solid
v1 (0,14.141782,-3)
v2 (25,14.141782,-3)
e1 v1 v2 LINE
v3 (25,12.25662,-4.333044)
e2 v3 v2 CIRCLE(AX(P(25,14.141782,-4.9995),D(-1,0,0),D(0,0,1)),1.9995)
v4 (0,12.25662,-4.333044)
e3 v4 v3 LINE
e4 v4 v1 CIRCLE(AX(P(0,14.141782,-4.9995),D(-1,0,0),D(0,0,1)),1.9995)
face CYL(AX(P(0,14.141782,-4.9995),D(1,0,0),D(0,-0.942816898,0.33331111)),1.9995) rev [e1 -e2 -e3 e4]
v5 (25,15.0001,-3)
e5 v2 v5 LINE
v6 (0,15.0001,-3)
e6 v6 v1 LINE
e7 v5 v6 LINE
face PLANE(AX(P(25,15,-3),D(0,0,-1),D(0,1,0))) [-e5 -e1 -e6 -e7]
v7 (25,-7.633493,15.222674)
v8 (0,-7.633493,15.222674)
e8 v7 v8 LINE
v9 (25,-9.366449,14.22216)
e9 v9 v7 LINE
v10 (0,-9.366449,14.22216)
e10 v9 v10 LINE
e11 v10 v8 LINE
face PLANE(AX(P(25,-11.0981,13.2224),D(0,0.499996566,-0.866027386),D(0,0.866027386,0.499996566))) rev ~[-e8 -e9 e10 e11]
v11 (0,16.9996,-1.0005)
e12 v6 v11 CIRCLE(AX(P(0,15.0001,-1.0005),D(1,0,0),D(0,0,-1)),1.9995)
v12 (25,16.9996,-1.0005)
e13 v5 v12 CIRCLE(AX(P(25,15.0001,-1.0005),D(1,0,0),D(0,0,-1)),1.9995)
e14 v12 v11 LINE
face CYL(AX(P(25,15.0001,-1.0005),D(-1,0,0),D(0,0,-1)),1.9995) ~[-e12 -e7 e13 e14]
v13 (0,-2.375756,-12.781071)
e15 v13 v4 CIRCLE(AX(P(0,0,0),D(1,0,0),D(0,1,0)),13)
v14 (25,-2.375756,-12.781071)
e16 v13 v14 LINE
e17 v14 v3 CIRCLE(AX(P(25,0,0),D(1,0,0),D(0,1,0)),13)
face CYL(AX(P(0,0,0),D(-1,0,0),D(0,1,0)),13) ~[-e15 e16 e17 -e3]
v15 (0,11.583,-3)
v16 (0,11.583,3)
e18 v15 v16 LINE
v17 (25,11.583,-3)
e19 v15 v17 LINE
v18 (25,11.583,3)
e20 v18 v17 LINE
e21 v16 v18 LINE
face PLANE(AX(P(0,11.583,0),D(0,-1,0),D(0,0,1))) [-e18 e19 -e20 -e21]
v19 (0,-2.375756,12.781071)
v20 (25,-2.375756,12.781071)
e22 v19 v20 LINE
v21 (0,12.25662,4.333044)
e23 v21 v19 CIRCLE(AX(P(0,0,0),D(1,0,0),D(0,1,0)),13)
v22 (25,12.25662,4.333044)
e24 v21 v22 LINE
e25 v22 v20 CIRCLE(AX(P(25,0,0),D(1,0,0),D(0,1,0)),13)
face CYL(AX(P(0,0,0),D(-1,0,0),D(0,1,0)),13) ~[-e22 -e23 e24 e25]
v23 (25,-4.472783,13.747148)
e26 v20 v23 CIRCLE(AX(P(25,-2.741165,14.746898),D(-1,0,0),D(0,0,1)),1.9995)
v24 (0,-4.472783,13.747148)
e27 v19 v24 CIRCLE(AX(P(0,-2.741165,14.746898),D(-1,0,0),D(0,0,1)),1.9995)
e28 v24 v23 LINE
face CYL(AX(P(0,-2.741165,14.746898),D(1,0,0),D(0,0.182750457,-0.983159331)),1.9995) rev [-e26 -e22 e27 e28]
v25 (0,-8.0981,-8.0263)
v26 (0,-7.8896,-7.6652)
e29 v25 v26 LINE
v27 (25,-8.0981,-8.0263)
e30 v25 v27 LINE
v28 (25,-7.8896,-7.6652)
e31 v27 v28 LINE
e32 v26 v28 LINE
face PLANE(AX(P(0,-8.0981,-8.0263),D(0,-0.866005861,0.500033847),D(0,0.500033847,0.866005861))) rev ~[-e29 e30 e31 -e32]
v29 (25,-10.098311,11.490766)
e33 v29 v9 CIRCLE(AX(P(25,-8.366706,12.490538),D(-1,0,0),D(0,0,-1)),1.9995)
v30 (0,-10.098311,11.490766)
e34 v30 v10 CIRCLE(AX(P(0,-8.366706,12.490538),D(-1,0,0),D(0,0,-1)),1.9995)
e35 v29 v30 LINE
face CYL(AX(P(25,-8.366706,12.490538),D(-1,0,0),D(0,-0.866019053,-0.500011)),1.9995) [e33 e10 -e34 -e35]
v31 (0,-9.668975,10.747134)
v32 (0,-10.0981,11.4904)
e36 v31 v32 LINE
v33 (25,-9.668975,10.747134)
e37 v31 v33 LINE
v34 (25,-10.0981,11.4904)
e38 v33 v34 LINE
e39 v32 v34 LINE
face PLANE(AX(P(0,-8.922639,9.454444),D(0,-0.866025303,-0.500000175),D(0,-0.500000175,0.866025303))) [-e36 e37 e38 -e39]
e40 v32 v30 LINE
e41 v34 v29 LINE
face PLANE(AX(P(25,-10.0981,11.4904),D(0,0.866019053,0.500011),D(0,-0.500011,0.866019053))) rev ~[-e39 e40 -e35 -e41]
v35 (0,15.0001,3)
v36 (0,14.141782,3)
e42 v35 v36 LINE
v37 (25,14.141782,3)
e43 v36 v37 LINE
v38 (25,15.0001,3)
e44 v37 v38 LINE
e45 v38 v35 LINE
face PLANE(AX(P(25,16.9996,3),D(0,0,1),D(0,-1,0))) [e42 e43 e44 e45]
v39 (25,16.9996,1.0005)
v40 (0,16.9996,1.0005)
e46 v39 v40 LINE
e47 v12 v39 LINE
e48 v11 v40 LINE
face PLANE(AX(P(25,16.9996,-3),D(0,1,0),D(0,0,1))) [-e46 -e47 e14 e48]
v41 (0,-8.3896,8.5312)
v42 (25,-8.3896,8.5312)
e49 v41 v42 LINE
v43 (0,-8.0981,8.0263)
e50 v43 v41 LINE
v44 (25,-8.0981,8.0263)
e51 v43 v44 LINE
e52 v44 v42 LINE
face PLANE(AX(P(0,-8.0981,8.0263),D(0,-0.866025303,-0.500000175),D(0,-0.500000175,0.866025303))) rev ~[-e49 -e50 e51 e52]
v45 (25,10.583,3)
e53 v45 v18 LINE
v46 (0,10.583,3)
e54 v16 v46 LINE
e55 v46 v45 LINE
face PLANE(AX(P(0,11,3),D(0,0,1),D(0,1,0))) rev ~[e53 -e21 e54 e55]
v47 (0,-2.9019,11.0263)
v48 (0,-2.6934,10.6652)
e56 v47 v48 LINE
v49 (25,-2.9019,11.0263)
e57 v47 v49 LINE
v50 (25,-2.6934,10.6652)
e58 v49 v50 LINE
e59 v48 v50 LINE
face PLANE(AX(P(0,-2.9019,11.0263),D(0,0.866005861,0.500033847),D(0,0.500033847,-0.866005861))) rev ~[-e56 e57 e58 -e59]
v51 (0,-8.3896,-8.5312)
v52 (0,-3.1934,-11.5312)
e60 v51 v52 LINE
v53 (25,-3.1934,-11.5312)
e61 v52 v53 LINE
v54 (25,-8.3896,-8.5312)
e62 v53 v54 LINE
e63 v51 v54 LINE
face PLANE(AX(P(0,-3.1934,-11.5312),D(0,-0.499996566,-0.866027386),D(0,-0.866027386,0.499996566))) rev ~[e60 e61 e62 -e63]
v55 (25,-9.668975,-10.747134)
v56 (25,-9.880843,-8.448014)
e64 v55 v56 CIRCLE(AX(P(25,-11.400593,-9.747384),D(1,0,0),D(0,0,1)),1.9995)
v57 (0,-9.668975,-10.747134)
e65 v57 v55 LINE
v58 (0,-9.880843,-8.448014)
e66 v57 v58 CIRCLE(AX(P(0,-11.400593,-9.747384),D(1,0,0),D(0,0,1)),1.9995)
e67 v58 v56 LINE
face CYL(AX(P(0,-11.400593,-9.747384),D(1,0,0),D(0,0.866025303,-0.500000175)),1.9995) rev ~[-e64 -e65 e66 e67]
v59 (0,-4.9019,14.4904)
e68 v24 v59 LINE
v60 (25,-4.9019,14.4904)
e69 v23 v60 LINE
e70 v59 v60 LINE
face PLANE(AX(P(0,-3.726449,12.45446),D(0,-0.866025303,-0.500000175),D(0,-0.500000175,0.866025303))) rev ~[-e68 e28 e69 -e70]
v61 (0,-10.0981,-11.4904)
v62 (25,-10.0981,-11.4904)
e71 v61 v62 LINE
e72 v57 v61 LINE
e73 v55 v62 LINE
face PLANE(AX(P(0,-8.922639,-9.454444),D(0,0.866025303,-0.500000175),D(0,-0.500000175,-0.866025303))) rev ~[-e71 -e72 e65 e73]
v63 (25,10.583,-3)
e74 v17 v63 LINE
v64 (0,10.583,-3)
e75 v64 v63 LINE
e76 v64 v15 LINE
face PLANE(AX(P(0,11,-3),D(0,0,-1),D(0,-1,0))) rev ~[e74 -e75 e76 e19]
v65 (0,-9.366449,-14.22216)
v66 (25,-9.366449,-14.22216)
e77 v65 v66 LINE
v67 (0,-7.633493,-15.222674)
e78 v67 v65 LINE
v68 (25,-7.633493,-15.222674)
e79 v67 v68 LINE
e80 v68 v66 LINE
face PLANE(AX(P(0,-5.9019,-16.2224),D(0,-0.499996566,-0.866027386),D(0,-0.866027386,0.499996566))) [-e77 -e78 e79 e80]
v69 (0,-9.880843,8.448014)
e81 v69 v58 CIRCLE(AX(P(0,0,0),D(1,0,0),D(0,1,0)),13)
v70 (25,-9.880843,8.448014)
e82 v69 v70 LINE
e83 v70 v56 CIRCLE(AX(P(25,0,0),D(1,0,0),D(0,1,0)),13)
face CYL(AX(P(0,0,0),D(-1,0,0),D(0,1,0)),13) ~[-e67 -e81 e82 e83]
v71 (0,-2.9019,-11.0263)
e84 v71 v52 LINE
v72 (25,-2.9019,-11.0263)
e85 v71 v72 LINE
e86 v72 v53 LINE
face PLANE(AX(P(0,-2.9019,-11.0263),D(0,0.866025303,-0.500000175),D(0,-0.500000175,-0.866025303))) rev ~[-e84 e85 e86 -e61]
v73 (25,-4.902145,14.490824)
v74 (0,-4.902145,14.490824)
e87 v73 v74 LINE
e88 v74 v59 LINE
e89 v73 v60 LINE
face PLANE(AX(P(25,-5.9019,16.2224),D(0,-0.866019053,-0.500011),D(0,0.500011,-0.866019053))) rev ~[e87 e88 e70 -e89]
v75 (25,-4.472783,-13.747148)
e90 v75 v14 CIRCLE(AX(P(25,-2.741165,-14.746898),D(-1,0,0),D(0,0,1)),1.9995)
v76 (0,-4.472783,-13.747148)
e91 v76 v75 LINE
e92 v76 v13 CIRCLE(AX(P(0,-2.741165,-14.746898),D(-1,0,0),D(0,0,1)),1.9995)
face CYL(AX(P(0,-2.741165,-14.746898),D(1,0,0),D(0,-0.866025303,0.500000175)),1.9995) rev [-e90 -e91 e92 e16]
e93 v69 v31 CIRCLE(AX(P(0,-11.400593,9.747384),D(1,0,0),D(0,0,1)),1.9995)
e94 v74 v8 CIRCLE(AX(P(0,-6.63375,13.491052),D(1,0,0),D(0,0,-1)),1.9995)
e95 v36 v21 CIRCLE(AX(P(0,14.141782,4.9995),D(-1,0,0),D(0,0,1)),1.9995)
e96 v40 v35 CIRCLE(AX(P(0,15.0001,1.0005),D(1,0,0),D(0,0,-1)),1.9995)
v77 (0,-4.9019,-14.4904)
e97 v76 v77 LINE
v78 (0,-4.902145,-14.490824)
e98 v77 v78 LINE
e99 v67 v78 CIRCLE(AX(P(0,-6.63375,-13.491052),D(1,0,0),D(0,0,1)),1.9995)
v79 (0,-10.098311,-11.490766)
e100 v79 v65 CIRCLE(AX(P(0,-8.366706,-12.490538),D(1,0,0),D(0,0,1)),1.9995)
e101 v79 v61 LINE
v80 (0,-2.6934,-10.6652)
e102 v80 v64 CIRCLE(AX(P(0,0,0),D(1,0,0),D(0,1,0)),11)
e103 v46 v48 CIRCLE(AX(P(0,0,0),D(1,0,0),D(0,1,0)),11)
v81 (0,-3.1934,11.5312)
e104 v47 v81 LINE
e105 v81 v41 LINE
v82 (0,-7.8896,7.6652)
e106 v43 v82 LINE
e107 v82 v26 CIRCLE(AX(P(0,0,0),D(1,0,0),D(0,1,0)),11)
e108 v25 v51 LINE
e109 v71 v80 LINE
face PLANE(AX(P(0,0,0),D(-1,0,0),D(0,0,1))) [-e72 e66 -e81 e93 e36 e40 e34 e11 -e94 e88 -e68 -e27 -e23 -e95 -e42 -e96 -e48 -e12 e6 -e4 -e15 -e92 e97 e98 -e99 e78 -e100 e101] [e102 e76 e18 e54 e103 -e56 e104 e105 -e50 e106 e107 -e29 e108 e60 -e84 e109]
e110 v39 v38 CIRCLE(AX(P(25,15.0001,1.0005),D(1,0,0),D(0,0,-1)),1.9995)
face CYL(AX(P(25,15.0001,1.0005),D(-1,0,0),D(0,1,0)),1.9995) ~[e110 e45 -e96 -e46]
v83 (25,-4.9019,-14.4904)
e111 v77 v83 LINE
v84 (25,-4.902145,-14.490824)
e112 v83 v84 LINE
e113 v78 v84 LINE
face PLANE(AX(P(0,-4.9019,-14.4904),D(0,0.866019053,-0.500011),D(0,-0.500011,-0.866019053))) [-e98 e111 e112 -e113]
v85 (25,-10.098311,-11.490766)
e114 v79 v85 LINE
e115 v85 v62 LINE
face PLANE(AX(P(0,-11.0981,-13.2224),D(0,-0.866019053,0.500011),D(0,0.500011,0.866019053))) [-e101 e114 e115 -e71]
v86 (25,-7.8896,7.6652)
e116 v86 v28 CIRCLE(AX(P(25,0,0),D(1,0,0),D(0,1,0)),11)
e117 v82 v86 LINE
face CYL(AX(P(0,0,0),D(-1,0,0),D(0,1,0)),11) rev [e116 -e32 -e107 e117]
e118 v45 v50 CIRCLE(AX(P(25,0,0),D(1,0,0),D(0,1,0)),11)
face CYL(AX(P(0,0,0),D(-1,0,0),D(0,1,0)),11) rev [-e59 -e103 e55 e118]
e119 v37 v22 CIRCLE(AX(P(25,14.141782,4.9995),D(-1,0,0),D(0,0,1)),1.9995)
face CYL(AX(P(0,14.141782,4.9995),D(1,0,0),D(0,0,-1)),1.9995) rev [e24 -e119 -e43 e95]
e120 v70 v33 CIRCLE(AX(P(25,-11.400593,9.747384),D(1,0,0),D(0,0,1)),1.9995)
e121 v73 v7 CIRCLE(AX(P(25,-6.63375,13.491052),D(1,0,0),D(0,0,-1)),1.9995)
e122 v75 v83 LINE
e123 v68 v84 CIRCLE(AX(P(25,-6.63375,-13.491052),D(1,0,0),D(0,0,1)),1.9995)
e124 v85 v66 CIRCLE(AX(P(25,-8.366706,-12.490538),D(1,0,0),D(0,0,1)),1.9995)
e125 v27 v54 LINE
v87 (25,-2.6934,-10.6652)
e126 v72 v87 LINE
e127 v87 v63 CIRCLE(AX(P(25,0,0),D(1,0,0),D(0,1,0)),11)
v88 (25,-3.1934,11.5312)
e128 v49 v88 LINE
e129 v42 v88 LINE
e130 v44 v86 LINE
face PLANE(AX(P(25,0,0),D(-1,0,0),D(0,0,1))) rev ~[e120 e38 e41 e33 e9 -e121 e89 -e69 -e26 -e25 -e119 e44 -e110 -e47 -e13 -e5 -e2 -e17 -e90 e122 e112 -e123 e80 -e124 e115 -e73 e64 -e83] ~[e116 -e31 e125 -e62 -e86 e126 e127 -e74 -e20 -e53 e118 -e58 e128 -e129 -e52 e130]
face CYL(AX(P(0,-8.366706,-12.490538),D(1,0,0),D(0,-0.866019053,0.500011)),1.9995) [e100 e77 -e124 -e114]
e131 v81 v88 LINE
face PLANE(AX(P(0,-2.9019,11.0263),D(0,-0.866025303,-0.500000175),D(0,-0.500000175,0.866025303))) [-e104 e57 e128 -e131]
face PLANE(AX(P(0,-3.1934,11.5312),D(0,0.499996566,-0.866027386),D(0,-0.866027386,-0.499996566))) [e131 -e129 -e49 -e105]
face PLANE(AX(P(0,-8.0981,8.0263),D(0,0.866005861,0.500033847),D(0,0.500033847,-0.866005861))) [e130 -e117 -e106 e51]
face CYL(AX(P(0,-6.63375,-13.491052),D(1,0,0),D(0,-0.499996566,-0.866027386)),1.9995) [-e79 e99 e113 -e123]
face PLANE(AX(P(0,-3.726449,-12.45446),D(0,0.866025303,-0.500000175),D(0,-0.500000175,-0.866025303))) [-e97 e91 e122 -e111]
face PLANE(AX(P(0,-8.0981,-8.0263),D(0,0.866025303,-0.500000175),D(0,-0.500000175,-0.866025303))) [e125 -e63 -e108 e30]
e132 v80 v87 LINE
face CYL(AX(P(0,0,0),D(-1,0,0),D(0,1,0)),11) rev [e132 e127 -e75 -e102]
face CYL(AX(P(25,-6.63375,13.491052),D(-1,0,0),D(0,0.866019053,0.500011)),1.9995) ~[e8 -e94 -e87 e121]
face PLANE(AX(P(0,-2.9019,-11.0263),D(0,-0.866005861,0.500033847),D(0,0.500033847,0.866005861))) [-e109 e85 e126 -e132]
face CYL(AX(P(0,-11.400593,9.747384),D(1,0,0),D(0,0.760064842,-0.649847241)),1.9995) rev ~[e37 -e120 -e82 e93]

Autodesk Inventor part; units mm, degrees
ref_plane "YZ Plane" through (0, 0, 0) normal (1, 0, 0) x (0, 1, 0)
ref_plane "XZ Plane" through (0, 0, 0) normal (0, 1, 0) x (-1, 0, 0)
ref_plane "XY Plane" through (0, 0, 0) normal (0, 0, 1) x (1, 0, 0)
sketch "Sketch1" plane through (0, 0, 0) normal (1, 0, 0) x (0, 1, 0)
  point P0 (0, 0)
sketch "Sketch2" plane through (0, 0, 0) normal (1, 0, 0) x (0, 1, 0)
  circle A0 centre (0, 0) radius 11
  circle A1 centre (0, 0) radius 13
  line L0 (0, 0) -> (13, 0)
  line L1 (0, 0) -> (-6.5, -11.2583)
  line L2 (0, 0) -> (13, 0) construction
  line L3 (0, 0) -> (-6.5, 11.2583)
  line L4 (0, 0) -> (13, 0) construction
  line L5 (11, 0) -> (11, -3)
  line L6 (11, 0) -> (11, 3)
  line L7 (-5.5, 9.5263) -> (-8.0981, 8.0263)
  line L8 (-5.5, 9.5263) -> (-2.9019, 11.0263)
  line L9 (-5.5, -9.5263) -> (-2.9019, -11.0263)
  line L10 (-5.5, -9.5263) -> (-8.0981, -8.0263)
  line L11 (11, 3) -> (15, 3)
  line L12 (15, 3) -> (11, 3)
  line L13 (11, 3) -> (11, -3)
  line L14 (11, -3) -> (15, -3)
  line L15 (15, -3) -> (15, 3)
  line L16 (-2.9019, 11.0263) -> (-4.9019, 14.4904)
  line L17 (-8.0981, 8.0263) -> (-10.0981, 11.4904)
  line L18 (-10.0981, 11.4904) -> (-4.9019, 14.4904)
  line L19 (-2.9019, -11.0263) -> (-4.9019, -14.4904)
  line L20 (-8.0981, -8.0263) -> (-10.0981, -11.4904)
  line L21 (-4.9019, -14.4904) -> (-10.0981, -11.4904)
  line L22 (-2.9019, 11.0263) -> (-2.6934, 10.6652)
  line L23 (-8.0981, 8.0263) -> (-7.8896, 7.6652)
  line L24 (-2.6934, 10.6652) -> (-3.1934, 11.5312)
  line L25 (-3.1934, 11.5312) -> (-8.3896, 8.5312)
  line L26 (-2.9019, -11.0263) -> (-2.6934, -10.6652)
  line L27 (-8.0981, -8.0263) -> (-7.8896, -7.6652)
  line L28 (-2.6934, -10.6652) -> (-3.1934, -11.5312)
  line L29 (-3.1934, -11.5312) -> (-8.3896, -8.5312)
  line L30 (11, -3) -> (10.583, -3)
  line L31 (11, 3) -> (10.583, 3)
  line L32 (10.583, -3) -> (11.583, -3)
  line L33 (11.583, -3) -> (11.583, 3)
  point P0 (-8.9226, 9.4545)
  point P1 (-8.9226, -9.4545)
  point P2 (-3.7265, -12.4545)
  point P3 (12.6491, -3)
  point P4 (12.6491, 3)
  point P5 (-3.7265, 12.4545)
  dimension "d0" = 22
  dimension "d1" = 26
  dimension "d2" = 120
  dimension "d3" = 120
  dimension "d4" = 3
  dimension "d5" = 3
  dimension "d6" = 3
  dimension "d7" = 3
  dimension "d8" = 3
  dimension "d9" = 3
  dimension "d10" = 4
  dimension "d11" = 4
  dimension "d12" = 4
  dimension "d13" = 4
  dimension "d14" = 4
  dimension "d15" = 1
  dimension "d16" = 1
  dimension "d17" = 1
extrude "Extrusion1" add sketch "Sketch2" along normal blind 25 contours A0 L22 L16 A1 L11 L31 | L30 L14 A1 L19 L26 A0 | L33 L11 A1 L0 | L0 A1 L14 L33 | A1 L11 L15 L14 | L27 L20 A1 L17 L23 A0 | L29 L19 A1 L1 | L1 A1 L20 L29 | L25 L17 A1 L3 | L3 A1 L16 L25 | A1 L19 L21 L20 | A1 L17 L18 L16
sketch "Sketch3" plane through (25, 0, 0) normal (1, 0, 0) x (0, 0, -1)
  line L0 (3, 15) -> (-3, 15) projected
  line L1 (-3, 15) -> (3, 15)
  line L2 (3, 15) -> (3, 16.9996)
  line L3 (3, 16.9996) -> (-3, 16.9996)
  line L4 (-3, 16.9996) -> (-3, 15)
  line L5 (9.4545, -8.9226) -> (11.4904, -10.0981) projected
  line L6 (11.4904, -10.0981) -> (13.2224, -11.0981)
  line L7 (13.2224, -11.0981) -> (16.2224, -5.9019)
  line L8 (16.2224, -5.9019) -> (14.4904, -4.9019)
  line L9 (-11.4904, -10.0981) -> (-9.4545, -8.9226) projected
  line L10 (-11.4904, -10.0981) -> (-13.2224, -11.0981)
  line L11 (-13.2224, -11.0981) -> (-16.2224, -5.9019)
  line L12 (-14.4904, -4.9019) -> (-11.4904, -10.0981) projected
  line L13 (-16.2224, -5.9019) -> (-14.4904, -4.9019)
  point P0 (0, 0)
  dimension "d20" = 2
  dimension "d21" = 6
  dimension "d22" = 2
  dimension "d23" = 6
extrude "Extrusion2" add sketch "Sketch3" against normal blind 25 contours L0 L4 L3 L2
extrude "Extrusion3" add sketch "Sketch3" against normal blind 25 contours L10 L11 L13 L12
sketch "Sketch4" plane through (0, 0, 0) normal (-1, 0, 0) x (0, 0, 1)
  line L0 (-11.4904, -10.0981) -> (-14.4904, -4.9019) projected
  line L1 (-11.4904, -10.0981) -> (-14.4904, -4.9019)
  line L2 (-14.4904, -4.9019) -> (-16.2224, -5.9019)
  line L3 (-16.2224, -5.9019) -> (-13.2224, -11.0981)
  line L4 (-13.2224, -11.0981) -> (-11.4904, -10.0981)
  point P0 (0, 0)
  dimension "d28" = 2
  dimension "d29" = 6
extrude "Extrusion4" add sketch "Sketch4" against normal blind 25
fillet "Fillet1" radius 2 12 edges at (12.5, -8.9226, -9.4545) (12.5, -11.0981, -13.2224) (12.5, -3.7265, -12.4545) (12.5, -5.9019, -16.2224) (12.5, 12.6491, -3) (12.5, 16.9996, -3) (12.5, 12.6491, 3) (12.5, 16.9996, 3) (12.5, -3.7265, 12.4545) (12.5, -5.9019, 16.2224) (12.5, -8.9226, 9.4545) (12.5, -11.0981, 13.2224)
properties part number "Part1_3DPrint"
